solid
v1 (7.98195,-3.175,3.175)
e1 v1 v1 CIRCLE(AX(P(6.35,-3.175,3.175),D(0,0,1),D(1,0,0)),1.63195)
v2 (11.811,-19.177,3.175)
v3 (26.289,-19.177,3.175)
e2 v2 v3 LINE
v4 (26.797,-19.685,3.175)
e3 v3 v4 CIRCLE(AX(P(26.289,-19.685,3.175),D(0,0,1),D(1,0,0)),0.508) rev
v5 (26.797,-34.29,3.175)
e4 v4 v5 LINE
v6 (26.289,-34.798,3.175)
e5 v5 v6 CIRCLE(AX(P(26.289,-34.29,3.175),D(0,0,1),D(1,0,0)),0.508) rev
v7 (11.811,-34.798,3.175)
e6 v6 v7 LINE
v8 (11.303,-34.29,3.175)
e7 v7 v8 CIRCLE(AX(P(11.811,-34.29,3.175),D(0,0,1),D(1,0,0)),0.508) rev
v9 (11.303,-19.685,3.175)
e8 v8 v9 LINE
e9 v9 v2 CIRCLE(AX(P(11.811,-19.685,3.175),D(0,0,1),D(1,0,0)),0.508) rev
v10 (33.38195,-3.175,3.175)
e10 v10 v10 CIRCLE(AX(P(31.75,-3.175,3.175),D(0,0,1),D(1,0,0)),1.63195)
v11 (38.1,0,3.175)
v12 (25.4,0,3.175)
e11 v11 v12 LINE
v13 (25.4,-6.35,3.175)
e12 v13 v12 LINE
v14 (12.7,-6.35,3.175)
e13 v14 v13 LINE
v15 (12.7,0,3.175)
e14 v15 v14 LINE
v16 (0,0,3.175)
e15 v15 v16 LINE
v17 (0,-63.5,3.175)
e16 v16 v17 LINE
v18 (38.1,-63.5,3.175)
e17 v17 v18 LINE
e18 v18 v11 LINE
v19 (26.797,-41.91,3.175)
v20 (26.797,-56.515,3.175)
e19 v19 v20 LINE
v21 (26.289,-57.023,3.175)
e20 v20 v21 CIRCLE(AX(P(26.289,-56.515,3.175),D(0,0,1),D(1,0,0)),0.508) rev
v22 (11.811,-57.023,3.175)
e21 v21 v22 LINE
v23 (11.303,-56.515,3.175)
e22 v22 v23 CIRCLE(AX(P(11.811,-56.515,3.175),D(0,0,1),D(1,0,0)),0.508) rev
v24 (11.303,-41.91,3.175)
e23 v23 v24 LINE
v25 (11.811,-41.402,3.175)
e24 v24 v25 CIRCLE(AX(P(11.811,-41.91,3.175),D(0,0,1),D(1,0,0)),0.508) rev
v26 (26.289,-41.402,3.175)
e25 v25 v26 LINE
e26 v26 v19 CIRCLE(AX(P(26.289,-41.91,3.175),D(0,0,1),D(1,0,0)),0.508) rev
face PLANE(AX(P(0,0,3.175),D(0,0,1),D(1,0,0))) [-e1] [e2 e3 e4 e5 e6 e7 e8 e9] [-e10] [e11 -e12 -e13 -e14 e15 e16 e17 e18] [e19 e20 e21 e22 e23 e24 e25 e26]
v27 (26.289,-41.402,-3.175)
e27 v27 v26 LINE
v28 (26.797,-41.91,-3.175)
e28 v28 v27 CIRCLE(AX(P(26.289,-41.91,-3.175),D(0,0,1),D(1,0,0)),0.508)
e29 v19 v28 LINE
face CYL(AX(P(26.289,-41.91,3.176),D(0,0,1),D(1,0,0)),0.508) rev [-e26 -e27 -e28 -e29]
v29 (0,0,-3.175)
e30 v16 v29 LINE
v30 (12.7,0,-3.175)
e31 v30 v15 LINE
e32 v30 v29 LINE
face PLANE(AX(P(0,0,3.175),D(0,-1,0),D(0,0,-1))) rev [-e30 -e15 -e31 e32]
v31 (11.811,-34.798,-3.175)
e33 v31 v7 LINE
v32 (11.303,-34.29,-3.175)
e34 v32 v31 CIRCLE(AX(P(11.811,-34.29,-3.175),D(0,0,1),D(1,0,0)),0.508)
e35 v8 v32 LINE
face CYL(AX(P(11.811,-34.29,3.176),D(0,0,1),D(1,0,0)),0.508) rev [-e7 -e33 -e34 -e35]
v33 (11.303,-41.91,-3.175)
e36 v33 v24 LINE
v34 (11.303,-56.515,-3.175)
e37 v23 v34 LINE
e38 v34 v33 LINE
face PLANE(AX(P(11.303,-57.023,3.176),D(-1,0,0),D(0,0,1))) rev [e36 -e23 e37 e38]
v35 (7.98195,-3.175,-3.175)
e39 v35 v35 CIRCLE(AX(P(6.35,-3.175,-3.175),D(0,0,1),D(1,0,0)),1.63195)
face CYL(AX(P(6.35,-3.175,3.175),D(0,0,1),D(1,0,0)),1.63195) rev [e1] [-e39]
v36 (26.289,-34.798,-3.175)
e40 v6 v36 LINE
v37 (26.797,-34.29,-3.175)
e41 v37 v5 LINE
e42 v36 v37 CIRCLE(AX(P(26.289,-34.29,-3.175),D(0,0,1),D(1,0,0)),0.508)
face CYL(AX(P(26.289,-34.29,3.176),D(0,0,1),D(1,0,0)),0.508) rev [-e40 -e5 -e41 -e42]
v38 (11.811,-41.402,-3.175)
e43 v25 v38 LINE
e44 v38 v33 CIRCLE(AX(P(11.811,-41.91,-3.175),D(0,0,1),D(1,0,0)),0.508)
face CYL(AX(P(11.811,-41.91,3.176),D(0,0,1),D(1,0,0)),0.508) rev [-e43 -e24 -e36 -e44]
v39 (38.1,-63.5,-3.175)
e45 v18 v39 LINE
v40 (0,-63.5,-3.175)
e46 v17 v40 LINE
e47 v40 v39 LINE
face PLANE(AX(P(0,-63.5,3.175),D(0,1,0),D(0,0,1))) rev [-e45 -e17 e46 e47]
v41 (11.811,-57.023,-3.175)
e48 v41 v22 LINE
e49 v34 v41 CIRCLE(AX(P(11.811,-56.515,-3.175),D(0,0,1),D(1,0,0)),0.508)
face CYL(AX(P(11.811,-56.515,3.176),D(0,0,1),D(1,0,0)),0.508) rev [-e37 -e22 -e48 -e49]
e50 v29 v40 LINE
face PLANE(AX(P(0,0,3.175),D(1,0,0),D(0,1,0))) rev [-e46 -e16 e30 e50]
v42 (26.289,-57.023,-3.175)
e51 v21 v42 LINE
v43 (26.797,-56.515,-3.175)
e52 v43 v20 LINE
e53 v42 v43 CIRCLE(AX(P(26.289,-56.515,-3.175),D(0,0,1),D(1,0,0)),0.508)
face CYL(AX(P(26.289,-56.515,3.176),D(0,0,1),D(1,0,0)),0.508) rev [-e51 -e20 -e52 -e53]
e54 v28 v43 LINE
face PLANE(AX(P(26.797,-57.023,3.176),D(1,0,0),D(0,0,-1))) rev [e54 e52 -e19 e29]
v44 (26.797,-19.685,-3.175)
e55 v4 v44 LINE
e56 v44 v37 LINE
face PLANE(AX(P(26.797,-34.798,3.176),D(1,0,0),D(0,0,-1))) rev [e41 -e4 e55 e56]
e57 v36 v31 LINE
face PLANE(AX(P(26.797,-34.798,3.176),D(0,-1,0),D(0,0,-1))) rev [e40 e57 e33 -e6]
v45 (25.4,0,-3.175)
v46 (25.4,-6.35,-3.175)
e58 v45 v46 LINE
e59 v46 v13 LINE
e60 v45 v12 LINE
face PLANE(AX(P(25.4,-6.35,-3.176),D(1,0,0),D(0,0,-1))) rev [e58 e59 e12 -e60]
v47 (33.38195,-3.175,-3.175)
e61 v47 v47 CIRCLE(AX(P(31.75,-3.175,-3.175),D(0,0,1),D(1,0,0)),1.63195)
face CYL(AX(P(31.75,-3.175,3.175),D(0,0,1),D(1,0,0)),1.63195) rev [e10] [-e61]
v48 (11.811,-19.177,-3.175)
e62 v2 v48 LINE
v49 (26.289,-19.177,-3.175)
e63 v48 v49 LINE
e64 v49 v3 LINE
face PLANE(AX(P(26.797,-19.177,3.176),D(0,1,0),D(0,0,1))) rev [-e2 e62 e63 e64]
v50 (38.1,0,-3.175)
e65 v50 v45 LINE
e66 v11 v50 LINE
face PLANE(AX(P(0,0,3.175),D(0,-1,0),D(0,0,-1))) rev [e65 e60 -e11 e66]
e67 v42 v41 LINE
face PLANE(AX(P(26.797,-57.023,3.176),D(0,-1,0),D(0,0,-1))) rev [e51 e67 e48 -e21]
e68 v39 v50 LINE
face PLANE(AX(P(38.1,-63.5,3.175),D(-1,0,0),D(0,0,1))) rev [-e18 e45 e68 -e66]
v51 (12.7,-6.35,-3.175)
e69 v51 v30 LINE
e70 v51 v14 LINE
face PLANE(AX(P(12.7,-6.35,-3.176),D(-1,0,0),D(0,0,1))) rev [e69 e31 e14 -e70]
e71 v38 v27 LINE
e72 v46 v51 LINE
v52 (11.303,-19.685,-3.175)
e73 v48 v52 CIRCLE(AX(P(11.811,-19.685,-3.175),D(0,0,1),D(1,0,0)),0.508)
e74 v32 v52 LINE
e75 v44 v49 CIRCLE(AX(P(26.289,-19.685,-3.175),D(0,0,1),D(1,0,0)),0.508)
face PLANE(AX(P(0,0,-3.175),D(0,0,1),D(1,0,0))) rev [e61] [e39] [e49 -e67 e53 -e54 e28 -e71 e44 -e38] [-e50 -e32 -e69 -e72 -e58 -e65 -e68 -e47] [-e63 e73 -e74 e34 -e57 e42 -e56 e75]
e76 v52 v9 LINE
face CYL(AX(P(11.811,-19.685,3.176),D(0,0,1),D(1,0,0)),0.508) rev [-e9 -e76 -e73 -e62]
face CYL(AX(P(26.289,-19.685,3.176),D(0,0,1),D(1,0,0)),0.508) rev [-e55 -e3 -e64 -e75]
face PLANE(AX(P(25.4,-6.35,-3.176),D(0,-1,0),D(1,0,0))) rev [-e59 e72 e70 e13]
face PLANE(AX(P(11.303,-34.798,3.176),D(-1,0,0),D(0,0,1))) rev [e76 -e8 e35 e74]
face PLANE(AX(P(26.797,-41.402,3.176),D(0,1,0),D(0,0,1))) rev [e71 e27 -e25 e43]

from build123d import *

# Parameters (mm, degrees)
SKETCH1_W             = 38.1
SKETCH1_H             = 63.5
BOSS_EXTRUDE1_DEPTH   = 3.175
F_4_CLEARANCE_HOLE1_D = 3.2639
CUT_EXTRUDE3_REACH    = 76.325
SKETCH6_W             = 12.7
SKETCH6_H             = 6.35
CUT_EXTRUDE4_REACH    = 76.325
SKETCH10_W            = 15.494
SKETCH10_H            = 15.621
LPATTERN1_COUNT       = 2
LPATTERN1_PITCH       = 22.225
FILLET1_R             = 0.508


with BuildPart() as part:
    # Sketch1 → Boss-Extrude1 (new, symmetric)
    with BuildSketch(Plane.XY):
        with Locations((19.05, -31.75)):
            Rectangle(SKETCH1_W, SKETCH1_H)
    extrude(amount=BOSS_EXTRUDE1_DEPTH, both=True)

    # #4 Clearance Hole1 (through all)
    with Locations(Plane.XY.offset(3.175)):
        with Locations((6.35, -3.175), (31.75, -3.175)):
            Hole(F_4_CLEARANCE_HOLE1_D / 2)

    # Sketch6 → Cut-Extrude3 (cut, up to next)
    with BuildSketch(Plane.XY.offset(3.175), mode=Mode.PRIVATE) as cut_extrude3_sk1:
        with Locations((19.05, -3.175)):
            Rectangle(SKETCH6_W, SKETCH6_H)
    cut_extrude3_tool1 = extrude(cut_extrude3_sk1.sketch, amount=-CUT_EXTRUDE3_REACH, mode=Mode.PRIVATE) & part.part
    add(cut_extrude3_tool1.solids().sort_by_distance((19.05, -3.175, 3.175))[0], mode=Mode.SUBTRACT)

    # Sketch10 → Cut-Extrude4 (cut, up to next)
    with BuildSketch(Plane(origin=(0, 0, -3.175), x_dir=(-1, 0, 0), z_dir=(0, 0, -1)), mode=Mode.PRIVATE) as cut_extrude4_sk1:
        with Locations((-19.05, -26.9875)):
            Rectangle(SKETCH10_W, SKETCH10_H)
    cut_extrude4_tool1 = extrude(cut_extrude4_sk1.sketch, amount=-CUT_EXTRUDE4_REACH, mode=Mode.PRIVATE) & part.part
    cut_extrude4 = cut_extrude4_tool1.solids().sort_by_distance((19.05, -26.9875, -3.175))[0]
    add(cut_extrude4, mode=Mode.SUBTRACT)

    # LPattern1: Cut-Extrude4 ×2
    with Locations(*[(0, -i * LPATTERN1_PITCH, 0) for i in range(1, LPATTERN1_COUNT)]):
        add(cut_extrude4, mode=Mode.SUBTRACT)

    # Fillet1
    fillet1_edges = [part.edges().sort_by_distance(p)[0] for p in [
        (11.303, -19.177, 0),
        (11.303, -34.798, 0),
        (26.797, -34.798, 0),
        (26.797, -19.177, 0),
        (11.303, -41.402, 0),
        (11.303, -57.023, 0),
        (26.797, -57.023, 0),
        (26.797, -41.402, 0),
    ]]
    fillet(fillet1_edges, radius=FILLET1_R)


solid = part.part
